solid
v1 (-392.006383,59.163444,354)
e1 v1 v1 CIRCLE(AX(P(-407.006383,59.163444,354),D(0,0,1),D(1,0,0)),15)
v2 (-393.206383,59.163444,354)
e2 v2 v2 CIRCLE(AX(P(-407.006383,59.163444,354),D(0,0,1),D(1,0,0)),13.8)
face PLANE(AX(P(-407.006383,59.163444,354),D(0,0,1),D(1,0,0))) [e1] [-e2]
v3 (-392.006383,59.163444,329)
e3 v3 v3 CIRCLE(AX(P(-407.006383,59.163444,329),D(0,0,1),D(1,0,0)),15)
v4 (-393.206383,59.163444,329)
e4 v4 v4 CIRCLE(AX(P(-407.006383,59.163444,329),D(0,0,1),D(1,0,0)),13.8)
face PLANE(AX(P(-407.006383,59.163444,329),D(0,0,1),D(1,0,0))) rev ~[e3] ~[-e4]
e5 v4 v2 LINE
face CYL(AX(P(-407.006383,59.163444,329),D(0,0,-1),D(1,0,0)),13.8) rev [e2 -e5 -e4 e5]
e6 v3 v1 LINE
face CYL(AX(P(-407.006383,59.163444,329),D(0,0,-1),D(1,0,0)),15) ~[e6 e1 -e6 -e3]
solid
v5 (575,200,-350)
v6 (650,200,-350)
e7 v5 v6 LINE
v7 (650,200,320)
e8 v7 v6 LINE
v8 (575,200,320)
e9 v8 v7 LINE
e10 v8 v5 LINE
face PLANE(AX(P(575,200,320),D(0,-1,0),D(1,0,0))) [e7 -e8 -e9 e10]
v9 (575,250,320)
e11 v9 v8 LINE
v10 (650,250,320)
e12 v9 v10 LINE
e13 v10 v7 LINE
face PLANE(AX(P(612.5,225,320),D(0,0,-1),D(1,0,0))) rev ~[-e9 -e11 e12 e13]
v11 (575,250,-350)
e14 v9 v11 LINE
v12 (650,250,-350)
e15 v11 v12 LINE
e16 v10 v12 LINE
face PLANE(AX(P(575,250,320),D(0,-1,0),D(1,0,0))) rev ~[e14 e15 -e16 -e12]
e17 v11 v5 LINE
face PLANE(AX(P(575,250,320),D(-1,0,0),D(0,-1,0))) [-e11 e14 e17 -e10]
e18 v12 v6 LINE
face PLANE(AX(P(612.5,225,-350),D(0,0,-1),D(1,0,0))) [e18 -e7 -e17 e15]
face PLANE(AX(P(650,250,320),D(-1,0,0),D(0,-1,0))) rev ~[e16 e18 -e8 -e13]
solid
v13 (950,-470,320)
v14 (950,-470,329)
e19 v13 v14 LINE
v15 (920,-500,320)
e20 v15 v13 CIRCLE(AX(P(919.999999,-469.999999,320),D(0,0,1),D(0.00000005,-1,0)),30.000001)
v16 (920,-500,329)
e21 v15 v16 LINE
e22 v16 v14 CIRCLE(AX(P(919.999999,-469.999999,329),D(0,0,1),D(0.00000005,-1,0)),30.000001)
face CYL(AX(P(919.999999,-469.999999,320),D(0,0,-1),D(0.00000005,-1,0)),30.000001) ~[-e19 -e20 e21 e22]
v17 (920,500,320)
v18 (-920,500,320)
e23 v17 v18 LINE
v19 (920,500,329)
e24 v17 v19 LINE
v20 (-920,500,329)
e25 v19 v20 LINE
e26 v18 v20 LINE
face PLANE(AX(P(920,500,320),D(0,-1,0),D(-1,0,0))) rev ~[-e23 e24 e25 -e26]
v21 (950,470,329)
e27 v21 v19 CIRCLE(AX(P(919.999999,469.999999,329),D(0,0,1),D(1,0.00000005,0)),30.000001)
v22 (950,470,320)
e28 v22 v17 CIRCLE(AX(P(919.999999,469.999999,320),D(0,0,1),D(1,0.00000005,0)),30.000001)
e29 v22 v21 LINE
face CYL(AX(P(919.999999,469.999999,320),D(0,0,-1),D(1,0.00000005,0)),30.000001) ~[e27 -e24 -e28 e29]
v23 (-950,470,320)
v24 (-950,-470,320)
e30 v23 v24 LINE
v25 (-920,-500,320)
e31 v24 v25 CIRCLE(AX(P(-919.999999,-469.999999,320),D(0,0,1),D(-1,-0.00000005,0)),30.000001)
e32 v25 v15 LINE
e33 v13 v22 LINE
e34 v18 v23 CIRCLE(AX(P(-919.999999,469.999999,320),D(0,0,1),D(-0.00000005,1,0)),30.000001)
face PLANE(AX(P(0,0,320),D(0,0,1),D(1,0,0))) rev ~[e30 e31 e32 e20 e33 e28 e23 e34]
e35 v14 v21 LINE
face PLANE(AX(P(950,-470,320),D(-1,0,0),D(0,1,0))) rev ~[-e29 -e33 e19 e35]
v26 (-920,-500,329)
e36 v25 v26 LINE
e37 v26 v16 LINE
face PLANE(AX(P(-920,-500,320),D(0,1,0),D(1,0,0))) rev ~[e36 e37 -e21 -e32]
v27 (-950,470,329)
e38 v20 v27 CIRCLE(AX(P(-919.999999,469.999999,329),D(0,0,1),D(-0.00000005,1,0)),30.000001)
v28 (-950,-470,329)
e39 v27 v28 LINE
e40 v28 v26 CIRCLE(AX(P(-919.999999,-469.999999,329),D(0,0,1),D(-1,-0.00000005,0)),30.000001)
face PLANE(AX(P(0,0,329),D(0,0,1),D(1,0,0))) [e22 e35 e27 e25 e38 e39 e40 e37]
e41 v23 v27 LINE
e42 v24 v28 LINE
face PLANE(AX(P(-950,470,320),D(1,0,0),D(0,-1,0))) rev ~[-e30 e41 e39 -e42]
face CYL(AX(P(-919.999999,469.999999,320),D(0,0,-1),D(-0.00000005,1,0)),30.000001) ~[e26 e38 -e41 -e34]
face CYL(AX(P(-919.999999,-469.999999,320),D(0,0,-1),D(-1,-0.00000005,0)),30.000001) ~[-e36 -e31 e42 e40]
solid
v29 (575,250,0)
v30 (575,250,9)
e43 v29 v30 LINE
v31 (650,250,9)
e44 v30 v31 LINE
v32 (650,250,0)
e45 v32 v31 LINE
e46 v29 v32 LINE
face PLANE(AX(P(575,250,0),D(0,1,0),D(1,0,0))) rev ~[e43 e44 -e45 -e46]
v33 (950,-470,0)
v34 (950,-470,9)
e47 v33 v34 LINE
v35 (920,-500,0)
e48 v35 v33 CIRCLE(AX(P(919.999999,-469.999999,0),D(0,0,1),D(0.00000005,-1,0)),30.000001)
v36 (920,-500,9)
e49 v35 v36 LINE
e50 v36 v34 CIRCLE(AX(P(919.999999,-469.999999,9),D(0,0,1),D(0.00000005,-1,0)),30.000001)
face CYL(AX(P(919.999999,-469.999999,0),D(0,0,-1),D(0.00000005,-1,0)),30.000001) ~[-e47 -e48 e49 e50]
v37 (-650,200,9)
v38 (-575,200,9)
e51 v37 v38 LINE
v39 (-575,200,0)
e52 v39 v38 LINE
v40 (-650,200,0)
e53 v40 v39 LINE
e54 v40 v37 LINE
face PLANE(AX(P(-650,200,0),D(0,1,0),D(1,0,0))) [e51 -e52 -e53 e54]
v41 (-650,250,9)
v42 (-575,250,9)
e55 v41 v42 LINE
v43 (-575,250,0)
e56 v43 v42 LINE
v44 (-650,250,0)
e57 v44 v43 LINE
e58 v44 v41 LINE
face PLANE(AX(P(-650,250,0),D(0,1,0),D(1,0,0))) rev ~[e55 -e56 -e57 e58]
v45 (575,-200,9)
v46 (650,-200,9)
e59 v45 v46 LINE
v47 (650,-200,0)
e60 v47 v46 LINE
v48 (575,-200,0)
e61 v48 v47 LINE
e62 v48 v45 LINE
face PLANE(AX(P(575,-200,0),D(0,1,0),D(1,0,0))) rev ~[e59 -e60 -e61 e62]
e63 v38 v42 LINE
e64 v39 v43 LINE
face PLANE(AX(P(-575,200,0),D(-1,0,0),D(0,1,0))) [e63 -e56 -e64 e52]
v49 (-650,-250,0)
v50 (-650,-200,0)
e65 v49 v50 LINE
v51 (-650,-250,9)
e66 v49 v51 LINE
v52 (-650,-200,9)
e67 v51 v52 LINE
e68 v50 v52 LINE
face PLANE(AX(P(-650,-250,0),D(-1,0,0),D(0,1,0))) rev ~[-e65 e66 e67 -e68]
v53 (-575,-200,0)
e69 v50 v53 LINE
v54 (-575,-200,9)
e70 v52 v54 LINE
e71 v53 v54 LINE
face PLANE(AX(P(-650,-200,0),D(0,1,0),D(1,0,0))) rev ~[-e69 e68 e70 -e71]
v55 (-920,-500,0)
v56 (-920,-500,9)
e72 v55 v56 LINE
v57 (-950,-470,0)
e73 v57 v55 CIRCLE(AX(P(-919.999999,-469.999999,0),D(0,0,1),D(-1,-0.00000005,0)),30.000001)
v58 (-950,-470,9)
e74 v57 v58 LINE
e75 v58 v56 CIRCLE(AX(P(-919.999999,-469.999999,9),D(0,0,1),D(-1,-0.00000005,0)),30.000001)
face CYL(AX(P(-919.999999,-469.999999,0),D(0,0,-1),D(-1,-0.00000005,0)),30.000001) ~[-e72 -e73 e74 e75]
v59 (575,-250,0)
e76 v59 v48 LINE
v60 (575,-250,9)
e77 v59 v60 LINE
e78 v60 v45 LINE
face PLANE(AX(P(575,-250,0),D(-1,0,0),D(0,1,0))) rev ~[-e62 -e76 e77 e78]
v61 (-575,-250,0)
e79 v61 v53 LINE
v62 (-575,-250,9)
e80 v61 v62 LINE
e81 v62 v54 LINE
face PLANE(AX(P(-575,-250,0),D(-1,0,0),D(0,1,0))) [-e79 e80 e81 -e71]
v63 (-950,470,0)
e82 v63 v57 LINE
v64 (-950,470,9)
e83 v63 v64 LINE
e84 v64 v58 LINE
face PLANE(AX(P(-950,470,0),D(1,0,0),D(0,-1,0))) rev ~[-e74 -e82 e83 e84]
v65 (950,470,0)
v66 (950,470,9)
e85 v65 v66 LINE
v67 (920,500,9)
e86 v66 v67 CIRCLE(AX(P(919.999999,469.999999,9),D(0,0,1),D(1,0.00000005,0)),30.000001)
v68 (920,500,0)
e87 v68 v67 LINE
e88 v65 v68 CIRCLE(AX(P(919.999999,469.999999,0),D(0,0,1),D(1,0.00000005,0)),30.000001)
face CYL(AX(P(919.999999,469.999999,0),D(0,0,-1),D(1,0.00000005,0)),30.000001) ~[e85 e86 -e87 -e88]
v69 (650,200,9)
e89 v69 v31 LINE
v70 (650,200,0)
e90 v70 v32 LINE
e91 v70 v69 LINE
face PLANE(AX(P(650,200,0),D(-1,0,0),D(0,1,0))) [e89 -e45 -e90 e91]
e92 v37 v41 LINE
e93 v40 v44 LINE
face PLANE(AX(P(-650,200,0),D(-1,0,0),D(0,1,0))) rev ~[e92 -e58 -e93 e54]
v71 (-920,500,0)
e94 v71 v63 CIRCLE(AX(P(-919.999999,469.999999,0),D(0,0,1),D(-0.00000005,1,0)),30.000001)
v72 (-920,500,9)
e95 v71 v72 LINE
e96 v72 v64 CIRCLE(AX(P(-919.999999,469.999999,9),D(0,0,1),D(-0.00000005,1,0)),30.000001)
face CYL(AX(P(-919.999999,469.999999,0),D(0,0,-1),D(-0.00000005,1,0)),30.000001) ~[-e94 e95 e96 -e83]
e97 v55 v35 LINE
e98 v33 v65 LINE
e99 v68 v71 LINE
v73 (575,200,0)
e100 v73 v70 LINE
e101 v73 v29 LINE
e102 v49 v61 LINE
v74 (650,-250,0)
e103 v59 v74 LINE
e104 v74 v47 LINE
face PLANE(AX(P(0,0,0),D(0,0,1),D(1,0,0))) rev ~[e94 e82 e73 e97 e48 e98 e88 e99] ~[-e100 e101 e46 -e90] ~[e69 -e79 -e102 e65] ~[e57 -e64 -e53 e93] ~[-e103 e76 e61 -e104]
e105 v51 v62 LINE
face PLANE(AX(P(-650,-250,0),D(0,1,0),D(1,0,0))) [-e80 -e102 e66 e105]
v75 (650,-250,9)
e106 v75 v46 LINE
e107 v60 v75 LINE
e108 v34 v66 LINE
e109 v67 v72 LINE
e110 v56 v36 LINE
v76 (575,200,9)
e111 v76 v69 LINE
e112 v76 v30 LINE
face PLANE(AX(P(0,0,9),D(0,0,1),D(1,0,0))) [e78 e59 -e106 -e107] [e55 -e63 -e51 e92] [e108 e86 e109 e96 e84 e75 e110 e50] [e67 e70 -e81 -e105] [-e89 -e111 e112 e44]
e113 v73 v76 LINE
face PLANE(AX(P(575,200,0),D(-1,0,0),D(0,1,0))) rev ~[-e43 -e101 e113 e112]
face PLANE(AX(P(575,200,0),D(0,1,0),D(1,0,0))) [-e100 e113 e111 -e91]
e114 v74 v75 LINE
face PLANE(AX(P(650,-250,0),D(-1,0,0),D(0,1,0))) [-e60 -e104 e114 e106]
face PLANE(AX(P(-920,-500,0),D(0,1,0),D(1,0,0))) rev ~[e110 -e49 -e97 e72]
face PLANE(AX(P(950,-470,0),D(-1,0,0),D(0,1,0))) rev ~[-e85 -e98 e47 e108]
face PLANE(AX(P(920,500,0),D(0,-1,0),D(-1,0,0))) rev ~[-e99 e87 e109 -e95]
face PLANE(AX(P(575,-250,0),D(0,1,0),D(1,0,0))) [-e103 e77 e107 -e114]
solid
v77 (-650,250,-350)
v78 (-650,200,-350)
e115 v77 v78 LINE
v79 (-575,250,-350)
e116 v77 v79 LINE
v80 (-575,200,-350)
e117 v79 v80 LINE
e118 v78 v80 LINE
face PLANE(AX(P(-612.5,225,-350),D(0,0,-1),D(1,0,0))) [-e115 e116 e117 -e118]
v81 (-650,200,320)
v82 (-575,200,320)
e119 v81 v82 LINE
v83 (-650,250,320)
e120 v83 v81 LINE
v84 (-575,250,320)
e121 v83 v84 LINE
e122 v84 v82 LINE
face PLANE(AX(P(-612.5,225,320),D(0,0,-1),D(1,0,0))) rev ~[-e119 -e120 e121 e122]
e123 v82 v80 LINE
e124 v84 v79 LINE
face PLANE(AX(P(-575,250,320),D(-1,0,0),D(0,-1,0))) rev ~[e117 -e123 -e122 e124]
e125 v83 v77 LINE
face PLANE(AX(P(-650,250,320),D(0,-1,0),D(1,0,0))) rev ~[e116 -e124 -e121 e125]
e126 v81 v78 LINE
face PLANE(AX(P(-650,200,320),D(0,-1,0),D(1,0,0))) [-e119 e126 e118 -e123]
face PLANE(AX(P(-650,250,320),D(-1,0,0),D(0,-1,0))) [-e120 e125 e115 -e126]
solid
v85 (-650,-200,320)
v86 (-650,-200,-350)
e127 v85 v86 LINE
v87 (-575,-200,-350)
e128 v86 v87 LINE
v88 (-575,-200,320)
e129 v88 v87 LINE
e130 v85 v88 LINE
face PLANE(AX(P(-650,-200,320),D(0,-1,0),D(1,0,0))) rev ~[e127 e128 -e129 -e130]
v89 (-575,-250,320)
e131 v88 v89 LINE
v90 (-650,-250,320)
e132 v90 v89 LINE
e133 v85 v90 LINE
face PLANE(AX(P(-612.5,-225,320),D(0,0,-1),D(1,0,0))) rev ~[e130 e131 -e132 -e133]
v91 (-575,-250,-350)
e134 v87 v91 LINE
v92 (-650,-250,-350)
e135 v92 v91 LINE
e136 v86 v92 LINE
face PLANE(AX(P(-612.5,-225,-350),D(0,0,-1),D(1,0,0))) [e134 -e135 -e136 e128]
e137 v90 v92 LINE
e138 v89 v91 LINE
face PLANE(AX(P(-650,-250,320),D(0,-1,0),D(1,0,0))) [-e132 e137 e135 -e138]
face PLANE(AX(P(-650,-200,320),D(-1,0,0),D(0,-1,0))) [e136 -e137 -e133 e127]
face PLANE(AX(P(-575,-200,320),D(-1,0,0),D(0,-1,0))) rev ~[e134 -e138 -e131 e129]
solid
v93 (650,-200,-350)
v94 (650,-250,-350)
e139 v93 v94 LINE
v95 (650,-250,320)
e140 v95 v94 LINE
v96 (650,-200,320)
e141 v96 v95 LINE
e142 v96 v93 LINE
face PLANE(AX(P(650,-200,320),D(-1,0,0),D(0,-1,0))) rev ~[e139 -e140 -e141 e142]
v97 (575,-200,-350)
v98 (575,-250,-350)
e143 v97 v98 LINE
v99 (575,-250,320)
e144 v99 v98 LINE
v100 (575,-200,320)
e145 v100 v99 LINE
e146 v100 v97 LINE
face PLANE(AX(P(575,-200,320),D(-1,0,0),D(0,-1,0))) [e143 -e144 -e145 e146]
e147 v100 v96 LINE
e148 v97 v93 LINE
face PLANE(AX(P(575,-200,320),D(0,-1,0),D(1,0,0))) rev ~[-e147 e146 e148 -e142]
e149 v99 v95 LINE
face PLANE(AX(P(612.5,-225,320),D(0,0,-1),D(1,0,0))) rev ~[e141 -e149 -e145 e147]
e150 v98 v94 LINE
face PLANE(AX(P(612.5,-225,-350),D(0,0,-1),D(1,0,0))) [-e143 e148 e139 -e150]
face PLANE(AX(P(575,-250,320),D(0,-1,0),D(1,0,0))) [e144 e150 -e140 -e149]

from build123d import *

# Parameters (mm, degrees)
F0_W     = 75
F0_H     = 50
F1_DEPTH = 9
F4_DEPTH = 9
F5_W     = 75
F5_H     = 50
F6_DEPTH = 670
F7_R     = 15
F7_R_2   = 13.8
F8_DEPTH = 25


with BuildPart() as f1:
    # F0 (on Top) → F1 (new body)
    with BuildSketch(Plane.XY):
        with BuildLine():
            Line((920, 500), (-920, 500))
            ThreePointArc((-920, 500), (-941.213203, 491.213203), (-950, 470))
            Line((-950, 470), (-950, -470))
            ThreePointArc((-950, -470), (-941.213203, -491.213203), (-920, -500))
            Line((-920, -500), (920, -500))
            ThreePointArc((920, -500), (941.213203, -491.213203), (950, -470))
            Line((950, -470), (950, 470))
            ThreePointArc((950, 470), (941.213203, 491.213203), (920, 500))
        make_face()
        with Locations((-612.5, -225)):
            Rectangle(F0_W, F0_H, mode=Mode.SUBTRACT)
        with Locations((612.5, -225)):
            Rectangle(F0_W, F0_H, mode=Mode.SUBTRACT)
        with Locations((-612.5, 225)):
            Rectangle(F0_W, F0_H, mode=Mode.SUBTRACT)
        with Locations((612.5, 225)):
            Rectangle(F0_W, F0_H, mode=Mode.SUBTRACT)
    extrude(amount=F1_DEPTH)


with BuildPart() as f4:
    # F3 (on offset) → F4 (new body)
    with BuildSketch(Plane.XY.offset(320)):
        with BuildLine():
            Line((-950, 470), (-950, -470))
            ThreePointArc((-950, -470), (-941.213203, -491.213203), (-920, -500))
            Line((-920, -500), (920, -500))
            ThreePointArc((920, -500), (941.213203, -491.213203), (950, -470))
            Line((950, -470), (950, 470))
            ThreePointArc((950, 470), (941.213203, 491.213203), (920, 500))
            Line((920, 500), (-920, 500))
            ThreePointArc((-920, 500), (-941.213203, 491.213203), (-950, 470))
        make_face()
    extrude(amount=F4_DEPTH)


with BuildPart() as f6:
    # F5 (on face) → F6 (new body)
    with BuildSketch(Plane(origin=(0, 0, 320), x_dir=(1, 0, 0), z_dir=(0, 0, -1))):
        with Locations((-612.5, 225)):
            Rectangle(F5_W, F5_H)
        with Locations((612.5, 225)):
            Rectangle(F5_W, F5_H)
        with Locations((612.5, -225)):
            Rectangle(F5_W, F5_H)
        with Locations((-612.5, -225)):
            Rectangle(F5_W, F5_H)
    extrude(amount=F6_DEPTH)


with BuildPart() as f8:
    # F7 (on face) → F8 (new body)
    with BuildSketch(Plane.XY.offset(329)):
        with Locations((-407.006383, 59.163444)):
            Circle(F7_R)
        with Locations((-407.006383, 59.163444)):
            Circle(F7_R_2, mode=Mode.SUBTRACT)
    extrude(amount=F8_DEPTH)


solid = Compound([f1.part, f4.part, f6.part, f8.part])
